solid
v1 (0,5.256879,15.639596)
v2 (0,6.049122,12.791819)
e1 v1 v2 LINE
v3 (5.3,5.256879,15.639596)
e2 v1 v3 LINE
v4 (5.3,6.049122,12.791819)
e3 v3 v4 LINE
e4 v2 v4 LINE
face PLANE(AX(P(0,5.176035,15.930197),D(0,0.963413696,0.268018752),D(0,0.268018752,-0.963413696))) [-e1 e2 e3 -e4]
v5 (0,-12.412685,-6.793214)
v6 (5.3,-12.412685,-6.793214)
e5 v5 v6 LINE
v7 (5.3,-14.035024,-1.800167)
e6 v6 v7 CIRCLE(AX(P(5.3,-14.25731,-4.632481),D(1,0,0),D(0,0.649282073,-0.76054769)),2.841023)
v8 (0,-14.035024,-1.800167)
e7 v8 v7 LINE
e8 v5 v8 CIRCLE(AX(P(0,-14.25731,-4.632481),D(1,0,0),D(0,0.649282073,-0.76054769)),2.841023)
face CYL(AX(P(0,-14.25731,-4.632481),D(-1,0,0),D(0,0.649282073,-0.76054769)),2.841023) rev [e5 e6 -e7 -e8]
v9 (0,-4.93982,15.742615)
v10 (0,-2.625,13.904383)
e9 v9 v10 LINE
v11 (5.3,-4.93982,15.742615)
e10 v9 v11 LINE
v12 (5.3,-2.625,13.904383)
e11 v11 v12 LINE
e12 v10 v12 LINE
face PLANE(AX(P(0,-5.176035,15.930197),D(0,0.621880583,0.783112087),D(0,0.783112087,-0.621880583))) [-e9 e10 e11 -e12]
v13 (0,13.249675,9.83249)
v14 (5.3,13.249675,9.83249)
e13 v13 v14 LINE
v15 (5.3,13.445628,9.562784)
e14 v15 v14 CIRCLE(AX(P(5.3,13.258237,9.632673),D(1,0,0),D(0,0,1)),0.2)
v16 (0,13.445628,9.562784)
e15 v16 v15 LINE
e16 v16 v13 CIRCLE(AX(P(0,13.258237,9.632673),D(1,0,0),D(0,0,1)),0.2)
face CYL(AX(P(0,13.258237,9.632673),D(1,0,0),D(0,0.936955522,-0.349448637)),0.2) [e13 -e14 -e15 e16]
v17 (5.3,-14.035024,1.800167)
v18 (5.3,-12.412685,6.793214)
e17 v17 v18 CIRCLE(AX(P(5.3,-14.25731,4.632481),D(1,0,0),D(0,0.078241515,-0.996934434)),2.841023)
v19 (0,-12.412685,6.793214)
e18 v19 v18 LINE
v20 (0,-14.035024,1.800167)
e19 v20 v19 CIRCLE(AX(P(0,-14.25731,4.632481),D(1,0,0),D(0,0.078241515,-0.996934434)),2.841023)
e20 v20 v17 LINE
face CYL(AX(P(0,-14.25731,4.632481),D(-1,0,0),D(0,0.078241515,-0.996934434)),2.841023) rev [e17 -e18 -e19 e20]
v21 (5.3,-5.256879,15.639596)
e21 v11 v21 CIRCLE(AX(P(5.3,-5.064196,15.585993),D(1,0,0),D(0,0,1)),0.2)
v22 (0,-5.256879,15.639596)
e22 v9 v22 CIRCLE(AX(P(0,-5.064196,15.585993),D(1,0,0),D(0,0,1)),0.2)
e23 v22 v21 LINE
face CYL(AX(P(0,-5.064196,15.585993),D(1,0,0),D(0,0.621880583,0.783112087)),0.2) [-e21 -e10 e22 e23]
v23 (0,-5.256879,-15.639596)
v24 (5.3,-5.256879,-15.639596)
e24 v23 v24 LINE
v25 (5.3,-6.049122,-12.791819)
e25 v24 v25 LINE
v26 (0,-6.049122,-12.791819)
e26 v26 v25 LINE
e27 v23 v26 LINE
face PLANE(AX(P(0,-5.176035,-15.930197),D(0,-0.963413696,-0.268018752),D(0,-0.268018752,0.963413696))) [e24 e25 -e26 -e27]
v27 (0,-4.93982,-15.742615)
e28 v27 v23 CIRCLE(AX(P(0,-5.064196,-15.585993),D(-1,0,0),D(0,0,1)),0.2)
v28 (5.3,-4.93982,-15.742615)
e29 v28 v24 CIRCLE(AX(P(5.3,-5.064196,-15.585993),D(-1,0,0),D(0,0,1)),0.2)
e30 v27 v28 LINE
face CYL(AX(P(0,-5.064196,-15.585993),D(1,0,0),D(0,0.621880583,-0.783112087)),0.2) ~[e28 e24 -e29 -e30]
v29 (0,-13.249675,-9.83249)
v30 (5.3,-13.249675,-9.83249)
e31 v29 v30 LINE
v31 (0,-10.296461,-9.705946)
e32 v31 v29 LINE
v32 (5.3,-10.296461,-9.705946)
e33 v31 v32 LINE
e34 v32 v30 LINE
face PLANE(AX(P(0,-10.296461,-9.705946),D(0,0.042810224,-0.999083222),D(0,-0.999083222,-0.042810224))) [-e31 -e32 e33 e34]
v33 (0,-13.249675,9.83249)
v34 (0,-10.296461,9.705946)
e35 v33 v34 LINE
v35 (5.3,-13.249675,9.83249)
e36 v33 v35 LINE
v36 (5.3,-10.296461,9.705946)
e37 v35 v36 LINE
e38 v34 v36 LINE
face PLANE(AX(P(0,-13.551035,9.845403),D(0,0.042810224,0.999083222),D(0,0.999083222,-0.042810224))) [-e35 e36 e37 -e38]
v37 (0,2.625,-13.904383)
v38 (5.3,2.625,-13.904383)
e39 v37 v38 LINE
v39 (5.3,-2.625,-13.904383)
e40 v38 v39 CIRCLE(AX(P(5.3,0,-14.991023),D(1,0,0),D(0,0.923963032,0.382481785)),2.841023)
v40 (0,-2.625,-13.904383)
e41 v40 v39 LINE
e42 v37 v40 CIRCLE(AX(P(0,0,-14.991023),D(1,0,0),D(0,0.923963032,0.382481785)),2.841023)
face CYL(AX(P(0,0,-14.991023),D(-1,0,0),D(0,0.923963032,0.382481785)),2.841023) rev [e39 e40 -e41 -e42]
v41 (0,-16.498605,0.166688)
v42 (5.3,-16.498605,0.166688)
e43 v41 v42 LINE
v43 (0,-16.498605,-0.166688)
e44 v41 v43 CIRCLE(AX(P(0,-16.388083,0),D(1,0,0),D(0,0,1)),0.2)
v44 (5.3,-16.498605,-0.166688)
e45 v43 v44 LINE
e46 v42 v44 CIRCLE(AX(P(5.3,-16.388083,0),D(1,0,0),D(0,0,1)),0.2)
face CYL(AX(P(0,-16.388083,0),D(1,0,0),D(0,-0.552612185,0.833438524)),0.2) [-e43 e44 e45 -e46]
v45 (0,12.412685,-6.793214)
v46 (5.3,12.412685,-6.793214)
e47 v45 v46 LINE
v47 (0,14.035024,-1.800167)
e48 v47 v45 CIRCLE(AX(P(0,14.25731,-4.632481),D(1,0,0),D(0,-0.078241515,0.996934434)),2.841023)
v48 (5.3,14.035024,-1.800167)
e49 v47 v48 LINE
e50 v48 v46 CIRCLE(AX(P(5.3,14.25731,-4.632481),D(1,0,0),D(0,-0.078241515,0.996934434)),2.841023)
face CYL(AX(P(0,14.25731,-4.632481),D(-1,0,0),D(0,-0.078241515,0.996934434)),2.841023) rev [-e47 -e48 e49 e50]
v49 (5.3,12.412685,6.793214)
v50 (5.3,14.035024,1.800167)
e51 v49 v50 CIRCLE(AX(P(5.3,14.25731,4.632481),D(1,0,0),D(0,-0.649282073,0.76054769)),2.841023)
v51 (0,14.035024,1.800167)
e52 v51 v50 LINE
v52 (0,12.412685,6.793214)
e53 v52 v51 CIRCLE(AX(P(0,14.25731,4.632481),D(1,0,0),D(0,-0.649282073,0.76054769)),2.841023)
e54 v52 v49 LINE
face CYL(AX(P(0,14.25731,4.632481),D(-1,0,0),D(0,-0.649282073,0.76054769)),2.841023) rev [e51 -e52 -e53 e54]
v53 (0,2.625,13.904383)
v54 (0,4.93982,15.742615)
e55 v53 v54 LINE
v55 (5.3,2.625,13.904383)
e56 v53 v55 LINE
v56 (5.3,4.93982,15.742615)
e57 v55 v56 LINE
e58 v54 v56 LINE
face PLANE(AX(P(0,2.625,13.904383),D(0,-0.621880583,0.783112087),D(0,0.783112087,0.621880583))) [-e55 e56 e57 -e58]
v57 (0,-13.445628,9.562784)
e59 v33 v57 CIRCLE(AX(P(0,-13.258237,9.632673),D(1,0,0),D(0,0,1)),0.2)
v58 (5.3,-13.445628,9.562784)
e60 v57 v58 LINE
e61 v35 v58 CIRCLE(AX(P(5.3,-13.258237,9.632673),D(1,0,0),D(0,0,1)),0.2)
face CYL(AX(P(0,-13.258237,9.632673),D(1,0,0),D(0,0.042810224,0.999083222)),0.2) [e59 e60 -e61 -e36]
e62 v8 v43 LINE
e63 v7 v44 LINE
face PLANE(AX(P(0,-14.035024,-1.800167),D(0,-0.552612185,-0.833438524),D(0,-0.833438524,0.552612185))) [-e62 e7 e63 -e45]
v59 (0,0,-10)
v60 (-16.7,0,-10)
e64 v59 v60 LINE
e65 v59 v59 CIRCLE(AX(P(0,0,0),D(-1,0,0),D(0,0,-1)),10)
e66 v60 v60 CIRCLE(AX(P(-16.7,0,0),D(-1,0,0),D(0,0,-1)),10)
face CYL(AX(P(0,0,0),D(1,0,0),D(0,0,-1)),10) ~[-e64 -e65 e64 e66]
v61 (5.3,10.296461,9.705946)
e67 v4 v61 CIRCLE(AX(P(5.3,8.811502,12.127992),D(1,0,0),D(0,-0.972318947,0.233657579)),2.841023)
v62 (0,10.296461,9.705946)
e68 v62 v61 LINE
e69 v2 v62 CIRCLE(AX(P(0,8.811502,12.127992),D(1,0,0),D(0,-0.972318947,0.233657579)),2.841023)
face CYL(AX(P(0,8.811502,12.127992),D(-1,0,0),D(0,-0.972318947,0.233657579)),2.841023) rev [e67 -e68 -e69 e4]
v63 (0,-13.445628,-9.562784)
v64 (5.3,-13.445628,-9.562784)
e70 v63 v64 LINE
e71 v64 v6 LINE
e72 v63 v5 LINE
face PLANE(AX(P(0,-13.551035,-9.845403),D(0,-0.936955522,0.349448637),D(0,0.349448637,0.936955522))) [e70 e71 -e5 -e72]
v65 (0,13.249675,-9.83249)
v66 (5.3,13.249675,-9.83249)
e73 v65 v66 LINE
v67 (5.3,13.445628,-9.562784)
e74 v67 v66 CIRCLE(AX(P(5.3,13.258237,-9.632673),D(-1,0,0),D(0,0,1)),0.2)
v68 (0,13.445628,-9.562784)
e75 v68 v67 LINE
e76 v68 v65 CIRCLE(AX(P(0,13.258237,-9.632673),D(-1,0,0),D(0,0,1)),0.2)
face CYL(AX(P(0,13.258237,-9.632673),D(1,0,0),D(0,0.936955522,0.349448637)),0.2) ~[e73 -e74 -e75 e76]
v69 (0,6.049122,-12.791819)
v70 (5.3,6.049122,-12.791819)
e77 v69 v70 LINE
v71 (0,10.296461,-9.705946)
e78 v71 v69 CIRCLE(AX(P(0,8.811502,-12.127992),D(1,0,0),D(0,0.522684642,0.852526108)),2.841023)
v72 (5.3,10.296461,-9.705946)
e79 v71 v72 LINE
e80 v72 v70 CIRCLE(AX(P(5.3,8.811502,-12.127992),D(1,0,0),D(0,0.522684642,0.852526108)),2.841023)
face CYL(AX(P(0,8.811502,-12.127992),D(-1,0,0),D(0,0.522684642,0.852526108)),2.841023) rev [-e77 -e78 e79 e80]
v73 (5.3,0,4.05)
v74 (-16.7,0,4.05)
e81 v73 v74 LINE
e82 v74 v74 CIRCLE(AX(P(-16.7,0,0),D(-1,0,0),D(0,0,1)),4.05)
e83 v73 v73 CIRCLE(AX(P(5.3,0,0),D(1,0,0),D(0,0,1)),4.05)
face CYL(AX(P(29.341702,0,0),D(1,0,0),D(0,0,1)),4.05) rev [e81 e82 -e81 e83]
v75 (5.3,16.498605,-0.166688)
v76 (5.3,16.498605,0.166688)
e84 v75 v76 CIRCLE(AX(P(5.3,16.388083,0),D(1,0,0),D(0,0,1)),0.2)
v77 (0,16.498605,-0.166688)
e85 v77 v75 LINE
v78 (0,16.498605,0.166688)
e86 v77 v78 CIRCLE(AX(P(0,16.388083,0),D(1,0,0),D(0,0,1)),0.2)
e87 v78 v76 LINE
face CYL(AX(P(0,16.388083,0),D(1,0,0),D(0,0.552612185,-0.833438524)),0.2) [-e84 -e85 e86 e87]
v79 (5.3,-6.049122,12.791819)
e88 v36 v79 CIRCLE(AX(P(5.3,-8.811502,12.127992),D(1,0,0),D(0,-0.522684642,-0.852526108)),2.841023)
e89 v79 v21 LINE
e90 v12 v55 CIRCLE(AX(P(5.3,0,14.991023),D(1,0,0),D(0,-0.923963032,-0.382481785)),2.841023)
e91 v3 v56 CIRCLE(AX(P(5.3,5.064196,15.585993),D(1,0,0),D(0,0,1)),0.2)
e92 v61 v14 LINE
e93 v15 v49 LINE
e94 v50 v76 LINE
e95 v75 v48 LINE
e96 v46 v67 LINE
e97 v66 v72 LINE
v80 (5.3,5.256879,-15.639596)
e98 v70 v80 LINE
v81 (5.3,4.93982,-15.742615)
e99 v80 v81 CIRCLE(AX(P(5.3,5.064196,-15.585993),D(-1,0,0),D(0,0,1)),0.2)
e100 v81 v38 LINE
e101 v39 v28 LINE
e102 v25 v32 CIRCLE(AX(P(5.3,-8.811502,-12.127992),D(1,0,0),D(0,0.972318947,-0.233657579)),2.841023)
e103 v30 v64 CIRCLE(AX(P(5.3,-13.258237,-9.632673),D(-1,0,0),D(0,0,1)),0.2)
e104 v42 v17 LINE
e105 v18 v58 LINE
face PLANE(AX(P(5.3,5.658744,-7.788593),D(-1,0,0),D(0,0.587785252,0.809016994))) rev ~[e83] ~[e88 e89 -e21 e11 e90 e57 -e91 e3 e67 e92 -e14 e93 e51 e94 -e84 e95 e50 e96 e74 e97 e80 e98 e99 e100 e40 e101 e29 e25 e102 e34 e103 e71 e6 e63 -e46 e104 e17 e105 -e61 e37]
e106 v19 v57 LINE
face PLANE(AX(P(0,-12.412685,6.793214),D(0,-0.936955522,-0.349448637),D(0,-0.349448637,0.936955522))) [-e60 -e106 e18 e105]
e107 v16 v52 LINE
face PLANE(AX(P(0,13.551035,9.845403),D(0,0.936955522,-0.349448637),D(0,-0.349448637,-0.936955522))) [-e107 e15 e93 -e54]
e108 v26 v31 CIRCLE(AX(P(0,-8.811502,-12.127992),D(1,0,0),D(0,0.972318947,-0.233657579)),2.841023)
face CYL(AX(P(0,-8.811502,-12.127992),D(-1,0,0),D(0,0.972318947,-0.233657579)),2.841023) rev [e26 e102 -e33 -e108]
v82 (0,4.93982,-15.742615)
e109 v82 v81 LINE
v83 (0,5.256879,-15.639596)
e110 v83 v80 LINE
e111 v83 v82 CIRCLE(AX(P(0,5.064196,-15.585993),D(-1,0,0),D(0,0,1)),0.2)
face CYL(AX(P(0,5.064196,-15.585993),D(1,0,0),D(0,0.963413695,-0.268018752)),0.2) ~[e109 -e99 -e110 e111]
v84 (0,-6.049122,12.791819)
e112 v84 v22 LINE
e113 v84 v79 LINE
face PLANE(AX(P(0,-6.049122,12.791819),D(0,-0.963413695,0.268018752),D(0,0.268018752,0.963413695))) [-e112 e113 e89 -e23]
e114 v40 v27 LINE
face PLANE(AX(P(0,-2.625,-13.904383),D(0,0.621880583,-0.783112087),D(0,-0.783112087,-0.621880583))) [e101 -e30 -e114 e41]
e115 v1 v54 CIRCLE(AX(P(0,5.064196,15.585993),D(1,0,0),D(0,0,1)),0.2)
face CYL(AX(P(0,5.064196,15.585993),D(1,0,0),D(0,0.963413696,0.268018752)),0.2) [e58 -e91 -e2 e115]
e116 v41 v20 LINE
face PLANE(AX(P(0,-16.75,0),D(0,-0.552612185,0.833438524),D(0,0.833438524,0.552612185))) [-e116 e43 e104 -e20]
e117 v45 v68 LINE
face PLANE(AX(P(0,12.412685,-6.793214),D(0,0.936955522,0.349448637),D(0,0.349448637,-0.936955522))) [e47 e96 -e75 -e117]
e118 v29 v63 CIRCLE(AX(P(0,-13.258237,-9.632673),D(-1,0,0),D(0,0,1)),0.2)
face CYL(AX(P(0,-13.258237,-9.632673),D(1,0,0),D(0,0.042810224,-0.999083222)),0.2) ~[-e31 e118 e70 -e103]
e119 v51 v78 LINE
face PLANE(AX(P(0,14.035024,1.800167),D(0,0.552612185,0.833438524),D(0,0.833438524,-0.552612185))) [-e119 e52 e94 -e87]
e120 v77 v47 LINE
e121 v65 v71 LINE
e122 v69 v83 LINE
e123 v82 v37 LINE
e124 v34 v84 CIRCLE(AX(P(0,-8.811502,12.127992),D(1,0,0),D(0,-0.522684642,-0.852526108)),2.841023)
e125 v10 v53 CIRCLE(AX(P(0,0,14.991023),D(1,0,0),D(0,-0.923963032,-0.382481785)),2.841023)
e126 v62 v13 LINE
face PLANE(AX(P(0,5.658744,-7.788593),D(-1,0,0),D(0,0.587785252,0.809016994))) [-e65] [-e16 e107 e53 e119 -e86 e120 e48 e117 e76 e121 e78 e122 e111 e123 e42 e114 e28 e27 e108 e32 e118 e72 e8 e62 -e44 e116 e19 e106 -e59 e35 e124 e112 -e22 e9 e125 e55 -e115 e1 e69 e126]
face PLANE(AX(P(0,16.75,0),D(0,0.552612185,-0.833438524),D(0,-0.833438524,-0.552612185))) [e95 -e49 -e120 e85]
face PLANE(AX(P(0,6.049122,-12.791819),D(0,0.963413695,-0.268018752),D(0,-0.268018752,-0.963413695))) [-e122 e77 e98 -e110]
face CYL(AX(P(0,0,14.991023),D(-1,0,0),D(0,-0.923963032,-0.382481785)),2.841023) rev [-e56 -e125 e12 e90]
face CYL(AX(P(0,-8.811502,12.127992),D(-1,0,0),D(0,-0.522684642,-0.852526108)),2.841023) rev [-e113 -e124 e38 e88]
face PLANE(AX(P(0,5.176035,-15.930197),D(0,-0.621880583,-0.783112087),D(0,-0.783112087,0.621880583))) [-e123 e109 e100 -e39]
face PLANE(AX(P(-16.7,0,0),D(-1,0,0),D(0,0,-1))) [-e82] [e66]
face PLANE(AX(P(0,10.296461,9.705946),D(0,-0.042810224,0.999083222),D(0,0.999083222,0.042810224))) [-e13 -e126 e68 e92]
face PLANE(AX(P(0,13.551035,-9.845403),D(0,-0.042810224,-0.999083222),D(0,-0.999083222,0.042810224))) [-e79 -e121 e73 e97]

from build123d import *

# Parameters (mm, degrees)
BOSS_EXTRUDE1_DEPTH     = 5.3
CIRPATTERN1_COUNT       = 10
FILLET1_R               = 0.2
FILLET3_R               = 0.2
SKETCH2_R               = 10
SKETCH2_R_2             = 4.05
BOSS_EXTRUDE2_DEPTH     = 16.7
CUT_EXTRUDE1_DEPTH      = 29.341701561
CUT_EXTRUDE1_DEPTH_BACK = 29.341701561
SKETCH2_2_R             = 4.05


with BuildPart() as part:
    # Sketch1 → Boss-Extrude1 (new body)
    with BuildSketch(Plane(origin=(0, 0, 0), x_dir=(0, 0, -1), z_dir=(1, 0, 0))):
        with BuildLine():
            Line((0, 0), (9.845402976, 13.551034656))
            Line((9.845402976, 13.551034656), (6.793214092, 12.412684734))
            ThreePointArc((6.793214092, 12.412684734), (3.754556482, 11.555336673), (1.800167381, 14.035023954))
            Line((1.800167381, 14.035023954), (0, 16.75))
            Line((0, 16.75), (0, 0))
        make_face()
    boss_extrude1 = extrude(amount=BOSS_EXTRUDE1_DEPTH)

    # CirPattern1: Boss-Extrude1 ×10 about axis
    cirpattern1_axis = Axis((5.3, 0, 0), (-1, 0, 0))
    for i in range(1, CIRPATTERN1_COUNT):
        add(boss_extrude1.rotate(cirpattern1_axis, i * 360 / CIRPATTERN1_COUNT))

    # Fillet1
    fillet1_edges = [part.edges().sort_by_distance(p)[0] for p in [
        (2.65, 16.75, 0),
    ]]
    fillet(fillet1_edges, radius=FILLET1_R)

    # Fillet3
    fillet3_edges = [part.edges().sort_by_distance(p)[0] for p in [
        (2.65, 13.551034656, 9.845402976),
        (2.65, 5.176034656, 15.930196648),
        (2.65, -5.176034656, 15.930196648),
        (2.65, -13.551034656, 9.845402976),
        (2.65, -16.75, 0),
        (2.65, -13.551034656, -9.845402976),
        (2.65, -5.176034656, -15.930196648),
        (2.65, 5.176034656, -15.930196648),
        (2.65, 13.551034656, -9.845402976),
    ]]
    fillet(fillet3_edges, radius=FILLET3_R)

    # Sketch2 → Boss-Extrude2 (add)
    with BuildSketch(Plane.ZY):
        Circle(SKETCH2_R)
        Circle(SKETCH2_R_2, mode=Mode.SUBTRACT)
    extrude(amount=BOSS_EXTRUDE2_DEPTH)

    # Sketch2<2> → Cut-Extrude1 (cut, two sides: drawn at the far end of the back side and taken through both)
    with BuildSketch(Plane.ZY.offset(-CUT_EXTRUDE1_DEPTH_BACK)):
        Circle(SKETCH2_2_R)
    extrude(amount=CUT_EXTRUDE1_DEPTH + CUT_EXTRUDE1_DEPTH_BACK, mode=Mode.SUBTRACT)


solid = part.part
